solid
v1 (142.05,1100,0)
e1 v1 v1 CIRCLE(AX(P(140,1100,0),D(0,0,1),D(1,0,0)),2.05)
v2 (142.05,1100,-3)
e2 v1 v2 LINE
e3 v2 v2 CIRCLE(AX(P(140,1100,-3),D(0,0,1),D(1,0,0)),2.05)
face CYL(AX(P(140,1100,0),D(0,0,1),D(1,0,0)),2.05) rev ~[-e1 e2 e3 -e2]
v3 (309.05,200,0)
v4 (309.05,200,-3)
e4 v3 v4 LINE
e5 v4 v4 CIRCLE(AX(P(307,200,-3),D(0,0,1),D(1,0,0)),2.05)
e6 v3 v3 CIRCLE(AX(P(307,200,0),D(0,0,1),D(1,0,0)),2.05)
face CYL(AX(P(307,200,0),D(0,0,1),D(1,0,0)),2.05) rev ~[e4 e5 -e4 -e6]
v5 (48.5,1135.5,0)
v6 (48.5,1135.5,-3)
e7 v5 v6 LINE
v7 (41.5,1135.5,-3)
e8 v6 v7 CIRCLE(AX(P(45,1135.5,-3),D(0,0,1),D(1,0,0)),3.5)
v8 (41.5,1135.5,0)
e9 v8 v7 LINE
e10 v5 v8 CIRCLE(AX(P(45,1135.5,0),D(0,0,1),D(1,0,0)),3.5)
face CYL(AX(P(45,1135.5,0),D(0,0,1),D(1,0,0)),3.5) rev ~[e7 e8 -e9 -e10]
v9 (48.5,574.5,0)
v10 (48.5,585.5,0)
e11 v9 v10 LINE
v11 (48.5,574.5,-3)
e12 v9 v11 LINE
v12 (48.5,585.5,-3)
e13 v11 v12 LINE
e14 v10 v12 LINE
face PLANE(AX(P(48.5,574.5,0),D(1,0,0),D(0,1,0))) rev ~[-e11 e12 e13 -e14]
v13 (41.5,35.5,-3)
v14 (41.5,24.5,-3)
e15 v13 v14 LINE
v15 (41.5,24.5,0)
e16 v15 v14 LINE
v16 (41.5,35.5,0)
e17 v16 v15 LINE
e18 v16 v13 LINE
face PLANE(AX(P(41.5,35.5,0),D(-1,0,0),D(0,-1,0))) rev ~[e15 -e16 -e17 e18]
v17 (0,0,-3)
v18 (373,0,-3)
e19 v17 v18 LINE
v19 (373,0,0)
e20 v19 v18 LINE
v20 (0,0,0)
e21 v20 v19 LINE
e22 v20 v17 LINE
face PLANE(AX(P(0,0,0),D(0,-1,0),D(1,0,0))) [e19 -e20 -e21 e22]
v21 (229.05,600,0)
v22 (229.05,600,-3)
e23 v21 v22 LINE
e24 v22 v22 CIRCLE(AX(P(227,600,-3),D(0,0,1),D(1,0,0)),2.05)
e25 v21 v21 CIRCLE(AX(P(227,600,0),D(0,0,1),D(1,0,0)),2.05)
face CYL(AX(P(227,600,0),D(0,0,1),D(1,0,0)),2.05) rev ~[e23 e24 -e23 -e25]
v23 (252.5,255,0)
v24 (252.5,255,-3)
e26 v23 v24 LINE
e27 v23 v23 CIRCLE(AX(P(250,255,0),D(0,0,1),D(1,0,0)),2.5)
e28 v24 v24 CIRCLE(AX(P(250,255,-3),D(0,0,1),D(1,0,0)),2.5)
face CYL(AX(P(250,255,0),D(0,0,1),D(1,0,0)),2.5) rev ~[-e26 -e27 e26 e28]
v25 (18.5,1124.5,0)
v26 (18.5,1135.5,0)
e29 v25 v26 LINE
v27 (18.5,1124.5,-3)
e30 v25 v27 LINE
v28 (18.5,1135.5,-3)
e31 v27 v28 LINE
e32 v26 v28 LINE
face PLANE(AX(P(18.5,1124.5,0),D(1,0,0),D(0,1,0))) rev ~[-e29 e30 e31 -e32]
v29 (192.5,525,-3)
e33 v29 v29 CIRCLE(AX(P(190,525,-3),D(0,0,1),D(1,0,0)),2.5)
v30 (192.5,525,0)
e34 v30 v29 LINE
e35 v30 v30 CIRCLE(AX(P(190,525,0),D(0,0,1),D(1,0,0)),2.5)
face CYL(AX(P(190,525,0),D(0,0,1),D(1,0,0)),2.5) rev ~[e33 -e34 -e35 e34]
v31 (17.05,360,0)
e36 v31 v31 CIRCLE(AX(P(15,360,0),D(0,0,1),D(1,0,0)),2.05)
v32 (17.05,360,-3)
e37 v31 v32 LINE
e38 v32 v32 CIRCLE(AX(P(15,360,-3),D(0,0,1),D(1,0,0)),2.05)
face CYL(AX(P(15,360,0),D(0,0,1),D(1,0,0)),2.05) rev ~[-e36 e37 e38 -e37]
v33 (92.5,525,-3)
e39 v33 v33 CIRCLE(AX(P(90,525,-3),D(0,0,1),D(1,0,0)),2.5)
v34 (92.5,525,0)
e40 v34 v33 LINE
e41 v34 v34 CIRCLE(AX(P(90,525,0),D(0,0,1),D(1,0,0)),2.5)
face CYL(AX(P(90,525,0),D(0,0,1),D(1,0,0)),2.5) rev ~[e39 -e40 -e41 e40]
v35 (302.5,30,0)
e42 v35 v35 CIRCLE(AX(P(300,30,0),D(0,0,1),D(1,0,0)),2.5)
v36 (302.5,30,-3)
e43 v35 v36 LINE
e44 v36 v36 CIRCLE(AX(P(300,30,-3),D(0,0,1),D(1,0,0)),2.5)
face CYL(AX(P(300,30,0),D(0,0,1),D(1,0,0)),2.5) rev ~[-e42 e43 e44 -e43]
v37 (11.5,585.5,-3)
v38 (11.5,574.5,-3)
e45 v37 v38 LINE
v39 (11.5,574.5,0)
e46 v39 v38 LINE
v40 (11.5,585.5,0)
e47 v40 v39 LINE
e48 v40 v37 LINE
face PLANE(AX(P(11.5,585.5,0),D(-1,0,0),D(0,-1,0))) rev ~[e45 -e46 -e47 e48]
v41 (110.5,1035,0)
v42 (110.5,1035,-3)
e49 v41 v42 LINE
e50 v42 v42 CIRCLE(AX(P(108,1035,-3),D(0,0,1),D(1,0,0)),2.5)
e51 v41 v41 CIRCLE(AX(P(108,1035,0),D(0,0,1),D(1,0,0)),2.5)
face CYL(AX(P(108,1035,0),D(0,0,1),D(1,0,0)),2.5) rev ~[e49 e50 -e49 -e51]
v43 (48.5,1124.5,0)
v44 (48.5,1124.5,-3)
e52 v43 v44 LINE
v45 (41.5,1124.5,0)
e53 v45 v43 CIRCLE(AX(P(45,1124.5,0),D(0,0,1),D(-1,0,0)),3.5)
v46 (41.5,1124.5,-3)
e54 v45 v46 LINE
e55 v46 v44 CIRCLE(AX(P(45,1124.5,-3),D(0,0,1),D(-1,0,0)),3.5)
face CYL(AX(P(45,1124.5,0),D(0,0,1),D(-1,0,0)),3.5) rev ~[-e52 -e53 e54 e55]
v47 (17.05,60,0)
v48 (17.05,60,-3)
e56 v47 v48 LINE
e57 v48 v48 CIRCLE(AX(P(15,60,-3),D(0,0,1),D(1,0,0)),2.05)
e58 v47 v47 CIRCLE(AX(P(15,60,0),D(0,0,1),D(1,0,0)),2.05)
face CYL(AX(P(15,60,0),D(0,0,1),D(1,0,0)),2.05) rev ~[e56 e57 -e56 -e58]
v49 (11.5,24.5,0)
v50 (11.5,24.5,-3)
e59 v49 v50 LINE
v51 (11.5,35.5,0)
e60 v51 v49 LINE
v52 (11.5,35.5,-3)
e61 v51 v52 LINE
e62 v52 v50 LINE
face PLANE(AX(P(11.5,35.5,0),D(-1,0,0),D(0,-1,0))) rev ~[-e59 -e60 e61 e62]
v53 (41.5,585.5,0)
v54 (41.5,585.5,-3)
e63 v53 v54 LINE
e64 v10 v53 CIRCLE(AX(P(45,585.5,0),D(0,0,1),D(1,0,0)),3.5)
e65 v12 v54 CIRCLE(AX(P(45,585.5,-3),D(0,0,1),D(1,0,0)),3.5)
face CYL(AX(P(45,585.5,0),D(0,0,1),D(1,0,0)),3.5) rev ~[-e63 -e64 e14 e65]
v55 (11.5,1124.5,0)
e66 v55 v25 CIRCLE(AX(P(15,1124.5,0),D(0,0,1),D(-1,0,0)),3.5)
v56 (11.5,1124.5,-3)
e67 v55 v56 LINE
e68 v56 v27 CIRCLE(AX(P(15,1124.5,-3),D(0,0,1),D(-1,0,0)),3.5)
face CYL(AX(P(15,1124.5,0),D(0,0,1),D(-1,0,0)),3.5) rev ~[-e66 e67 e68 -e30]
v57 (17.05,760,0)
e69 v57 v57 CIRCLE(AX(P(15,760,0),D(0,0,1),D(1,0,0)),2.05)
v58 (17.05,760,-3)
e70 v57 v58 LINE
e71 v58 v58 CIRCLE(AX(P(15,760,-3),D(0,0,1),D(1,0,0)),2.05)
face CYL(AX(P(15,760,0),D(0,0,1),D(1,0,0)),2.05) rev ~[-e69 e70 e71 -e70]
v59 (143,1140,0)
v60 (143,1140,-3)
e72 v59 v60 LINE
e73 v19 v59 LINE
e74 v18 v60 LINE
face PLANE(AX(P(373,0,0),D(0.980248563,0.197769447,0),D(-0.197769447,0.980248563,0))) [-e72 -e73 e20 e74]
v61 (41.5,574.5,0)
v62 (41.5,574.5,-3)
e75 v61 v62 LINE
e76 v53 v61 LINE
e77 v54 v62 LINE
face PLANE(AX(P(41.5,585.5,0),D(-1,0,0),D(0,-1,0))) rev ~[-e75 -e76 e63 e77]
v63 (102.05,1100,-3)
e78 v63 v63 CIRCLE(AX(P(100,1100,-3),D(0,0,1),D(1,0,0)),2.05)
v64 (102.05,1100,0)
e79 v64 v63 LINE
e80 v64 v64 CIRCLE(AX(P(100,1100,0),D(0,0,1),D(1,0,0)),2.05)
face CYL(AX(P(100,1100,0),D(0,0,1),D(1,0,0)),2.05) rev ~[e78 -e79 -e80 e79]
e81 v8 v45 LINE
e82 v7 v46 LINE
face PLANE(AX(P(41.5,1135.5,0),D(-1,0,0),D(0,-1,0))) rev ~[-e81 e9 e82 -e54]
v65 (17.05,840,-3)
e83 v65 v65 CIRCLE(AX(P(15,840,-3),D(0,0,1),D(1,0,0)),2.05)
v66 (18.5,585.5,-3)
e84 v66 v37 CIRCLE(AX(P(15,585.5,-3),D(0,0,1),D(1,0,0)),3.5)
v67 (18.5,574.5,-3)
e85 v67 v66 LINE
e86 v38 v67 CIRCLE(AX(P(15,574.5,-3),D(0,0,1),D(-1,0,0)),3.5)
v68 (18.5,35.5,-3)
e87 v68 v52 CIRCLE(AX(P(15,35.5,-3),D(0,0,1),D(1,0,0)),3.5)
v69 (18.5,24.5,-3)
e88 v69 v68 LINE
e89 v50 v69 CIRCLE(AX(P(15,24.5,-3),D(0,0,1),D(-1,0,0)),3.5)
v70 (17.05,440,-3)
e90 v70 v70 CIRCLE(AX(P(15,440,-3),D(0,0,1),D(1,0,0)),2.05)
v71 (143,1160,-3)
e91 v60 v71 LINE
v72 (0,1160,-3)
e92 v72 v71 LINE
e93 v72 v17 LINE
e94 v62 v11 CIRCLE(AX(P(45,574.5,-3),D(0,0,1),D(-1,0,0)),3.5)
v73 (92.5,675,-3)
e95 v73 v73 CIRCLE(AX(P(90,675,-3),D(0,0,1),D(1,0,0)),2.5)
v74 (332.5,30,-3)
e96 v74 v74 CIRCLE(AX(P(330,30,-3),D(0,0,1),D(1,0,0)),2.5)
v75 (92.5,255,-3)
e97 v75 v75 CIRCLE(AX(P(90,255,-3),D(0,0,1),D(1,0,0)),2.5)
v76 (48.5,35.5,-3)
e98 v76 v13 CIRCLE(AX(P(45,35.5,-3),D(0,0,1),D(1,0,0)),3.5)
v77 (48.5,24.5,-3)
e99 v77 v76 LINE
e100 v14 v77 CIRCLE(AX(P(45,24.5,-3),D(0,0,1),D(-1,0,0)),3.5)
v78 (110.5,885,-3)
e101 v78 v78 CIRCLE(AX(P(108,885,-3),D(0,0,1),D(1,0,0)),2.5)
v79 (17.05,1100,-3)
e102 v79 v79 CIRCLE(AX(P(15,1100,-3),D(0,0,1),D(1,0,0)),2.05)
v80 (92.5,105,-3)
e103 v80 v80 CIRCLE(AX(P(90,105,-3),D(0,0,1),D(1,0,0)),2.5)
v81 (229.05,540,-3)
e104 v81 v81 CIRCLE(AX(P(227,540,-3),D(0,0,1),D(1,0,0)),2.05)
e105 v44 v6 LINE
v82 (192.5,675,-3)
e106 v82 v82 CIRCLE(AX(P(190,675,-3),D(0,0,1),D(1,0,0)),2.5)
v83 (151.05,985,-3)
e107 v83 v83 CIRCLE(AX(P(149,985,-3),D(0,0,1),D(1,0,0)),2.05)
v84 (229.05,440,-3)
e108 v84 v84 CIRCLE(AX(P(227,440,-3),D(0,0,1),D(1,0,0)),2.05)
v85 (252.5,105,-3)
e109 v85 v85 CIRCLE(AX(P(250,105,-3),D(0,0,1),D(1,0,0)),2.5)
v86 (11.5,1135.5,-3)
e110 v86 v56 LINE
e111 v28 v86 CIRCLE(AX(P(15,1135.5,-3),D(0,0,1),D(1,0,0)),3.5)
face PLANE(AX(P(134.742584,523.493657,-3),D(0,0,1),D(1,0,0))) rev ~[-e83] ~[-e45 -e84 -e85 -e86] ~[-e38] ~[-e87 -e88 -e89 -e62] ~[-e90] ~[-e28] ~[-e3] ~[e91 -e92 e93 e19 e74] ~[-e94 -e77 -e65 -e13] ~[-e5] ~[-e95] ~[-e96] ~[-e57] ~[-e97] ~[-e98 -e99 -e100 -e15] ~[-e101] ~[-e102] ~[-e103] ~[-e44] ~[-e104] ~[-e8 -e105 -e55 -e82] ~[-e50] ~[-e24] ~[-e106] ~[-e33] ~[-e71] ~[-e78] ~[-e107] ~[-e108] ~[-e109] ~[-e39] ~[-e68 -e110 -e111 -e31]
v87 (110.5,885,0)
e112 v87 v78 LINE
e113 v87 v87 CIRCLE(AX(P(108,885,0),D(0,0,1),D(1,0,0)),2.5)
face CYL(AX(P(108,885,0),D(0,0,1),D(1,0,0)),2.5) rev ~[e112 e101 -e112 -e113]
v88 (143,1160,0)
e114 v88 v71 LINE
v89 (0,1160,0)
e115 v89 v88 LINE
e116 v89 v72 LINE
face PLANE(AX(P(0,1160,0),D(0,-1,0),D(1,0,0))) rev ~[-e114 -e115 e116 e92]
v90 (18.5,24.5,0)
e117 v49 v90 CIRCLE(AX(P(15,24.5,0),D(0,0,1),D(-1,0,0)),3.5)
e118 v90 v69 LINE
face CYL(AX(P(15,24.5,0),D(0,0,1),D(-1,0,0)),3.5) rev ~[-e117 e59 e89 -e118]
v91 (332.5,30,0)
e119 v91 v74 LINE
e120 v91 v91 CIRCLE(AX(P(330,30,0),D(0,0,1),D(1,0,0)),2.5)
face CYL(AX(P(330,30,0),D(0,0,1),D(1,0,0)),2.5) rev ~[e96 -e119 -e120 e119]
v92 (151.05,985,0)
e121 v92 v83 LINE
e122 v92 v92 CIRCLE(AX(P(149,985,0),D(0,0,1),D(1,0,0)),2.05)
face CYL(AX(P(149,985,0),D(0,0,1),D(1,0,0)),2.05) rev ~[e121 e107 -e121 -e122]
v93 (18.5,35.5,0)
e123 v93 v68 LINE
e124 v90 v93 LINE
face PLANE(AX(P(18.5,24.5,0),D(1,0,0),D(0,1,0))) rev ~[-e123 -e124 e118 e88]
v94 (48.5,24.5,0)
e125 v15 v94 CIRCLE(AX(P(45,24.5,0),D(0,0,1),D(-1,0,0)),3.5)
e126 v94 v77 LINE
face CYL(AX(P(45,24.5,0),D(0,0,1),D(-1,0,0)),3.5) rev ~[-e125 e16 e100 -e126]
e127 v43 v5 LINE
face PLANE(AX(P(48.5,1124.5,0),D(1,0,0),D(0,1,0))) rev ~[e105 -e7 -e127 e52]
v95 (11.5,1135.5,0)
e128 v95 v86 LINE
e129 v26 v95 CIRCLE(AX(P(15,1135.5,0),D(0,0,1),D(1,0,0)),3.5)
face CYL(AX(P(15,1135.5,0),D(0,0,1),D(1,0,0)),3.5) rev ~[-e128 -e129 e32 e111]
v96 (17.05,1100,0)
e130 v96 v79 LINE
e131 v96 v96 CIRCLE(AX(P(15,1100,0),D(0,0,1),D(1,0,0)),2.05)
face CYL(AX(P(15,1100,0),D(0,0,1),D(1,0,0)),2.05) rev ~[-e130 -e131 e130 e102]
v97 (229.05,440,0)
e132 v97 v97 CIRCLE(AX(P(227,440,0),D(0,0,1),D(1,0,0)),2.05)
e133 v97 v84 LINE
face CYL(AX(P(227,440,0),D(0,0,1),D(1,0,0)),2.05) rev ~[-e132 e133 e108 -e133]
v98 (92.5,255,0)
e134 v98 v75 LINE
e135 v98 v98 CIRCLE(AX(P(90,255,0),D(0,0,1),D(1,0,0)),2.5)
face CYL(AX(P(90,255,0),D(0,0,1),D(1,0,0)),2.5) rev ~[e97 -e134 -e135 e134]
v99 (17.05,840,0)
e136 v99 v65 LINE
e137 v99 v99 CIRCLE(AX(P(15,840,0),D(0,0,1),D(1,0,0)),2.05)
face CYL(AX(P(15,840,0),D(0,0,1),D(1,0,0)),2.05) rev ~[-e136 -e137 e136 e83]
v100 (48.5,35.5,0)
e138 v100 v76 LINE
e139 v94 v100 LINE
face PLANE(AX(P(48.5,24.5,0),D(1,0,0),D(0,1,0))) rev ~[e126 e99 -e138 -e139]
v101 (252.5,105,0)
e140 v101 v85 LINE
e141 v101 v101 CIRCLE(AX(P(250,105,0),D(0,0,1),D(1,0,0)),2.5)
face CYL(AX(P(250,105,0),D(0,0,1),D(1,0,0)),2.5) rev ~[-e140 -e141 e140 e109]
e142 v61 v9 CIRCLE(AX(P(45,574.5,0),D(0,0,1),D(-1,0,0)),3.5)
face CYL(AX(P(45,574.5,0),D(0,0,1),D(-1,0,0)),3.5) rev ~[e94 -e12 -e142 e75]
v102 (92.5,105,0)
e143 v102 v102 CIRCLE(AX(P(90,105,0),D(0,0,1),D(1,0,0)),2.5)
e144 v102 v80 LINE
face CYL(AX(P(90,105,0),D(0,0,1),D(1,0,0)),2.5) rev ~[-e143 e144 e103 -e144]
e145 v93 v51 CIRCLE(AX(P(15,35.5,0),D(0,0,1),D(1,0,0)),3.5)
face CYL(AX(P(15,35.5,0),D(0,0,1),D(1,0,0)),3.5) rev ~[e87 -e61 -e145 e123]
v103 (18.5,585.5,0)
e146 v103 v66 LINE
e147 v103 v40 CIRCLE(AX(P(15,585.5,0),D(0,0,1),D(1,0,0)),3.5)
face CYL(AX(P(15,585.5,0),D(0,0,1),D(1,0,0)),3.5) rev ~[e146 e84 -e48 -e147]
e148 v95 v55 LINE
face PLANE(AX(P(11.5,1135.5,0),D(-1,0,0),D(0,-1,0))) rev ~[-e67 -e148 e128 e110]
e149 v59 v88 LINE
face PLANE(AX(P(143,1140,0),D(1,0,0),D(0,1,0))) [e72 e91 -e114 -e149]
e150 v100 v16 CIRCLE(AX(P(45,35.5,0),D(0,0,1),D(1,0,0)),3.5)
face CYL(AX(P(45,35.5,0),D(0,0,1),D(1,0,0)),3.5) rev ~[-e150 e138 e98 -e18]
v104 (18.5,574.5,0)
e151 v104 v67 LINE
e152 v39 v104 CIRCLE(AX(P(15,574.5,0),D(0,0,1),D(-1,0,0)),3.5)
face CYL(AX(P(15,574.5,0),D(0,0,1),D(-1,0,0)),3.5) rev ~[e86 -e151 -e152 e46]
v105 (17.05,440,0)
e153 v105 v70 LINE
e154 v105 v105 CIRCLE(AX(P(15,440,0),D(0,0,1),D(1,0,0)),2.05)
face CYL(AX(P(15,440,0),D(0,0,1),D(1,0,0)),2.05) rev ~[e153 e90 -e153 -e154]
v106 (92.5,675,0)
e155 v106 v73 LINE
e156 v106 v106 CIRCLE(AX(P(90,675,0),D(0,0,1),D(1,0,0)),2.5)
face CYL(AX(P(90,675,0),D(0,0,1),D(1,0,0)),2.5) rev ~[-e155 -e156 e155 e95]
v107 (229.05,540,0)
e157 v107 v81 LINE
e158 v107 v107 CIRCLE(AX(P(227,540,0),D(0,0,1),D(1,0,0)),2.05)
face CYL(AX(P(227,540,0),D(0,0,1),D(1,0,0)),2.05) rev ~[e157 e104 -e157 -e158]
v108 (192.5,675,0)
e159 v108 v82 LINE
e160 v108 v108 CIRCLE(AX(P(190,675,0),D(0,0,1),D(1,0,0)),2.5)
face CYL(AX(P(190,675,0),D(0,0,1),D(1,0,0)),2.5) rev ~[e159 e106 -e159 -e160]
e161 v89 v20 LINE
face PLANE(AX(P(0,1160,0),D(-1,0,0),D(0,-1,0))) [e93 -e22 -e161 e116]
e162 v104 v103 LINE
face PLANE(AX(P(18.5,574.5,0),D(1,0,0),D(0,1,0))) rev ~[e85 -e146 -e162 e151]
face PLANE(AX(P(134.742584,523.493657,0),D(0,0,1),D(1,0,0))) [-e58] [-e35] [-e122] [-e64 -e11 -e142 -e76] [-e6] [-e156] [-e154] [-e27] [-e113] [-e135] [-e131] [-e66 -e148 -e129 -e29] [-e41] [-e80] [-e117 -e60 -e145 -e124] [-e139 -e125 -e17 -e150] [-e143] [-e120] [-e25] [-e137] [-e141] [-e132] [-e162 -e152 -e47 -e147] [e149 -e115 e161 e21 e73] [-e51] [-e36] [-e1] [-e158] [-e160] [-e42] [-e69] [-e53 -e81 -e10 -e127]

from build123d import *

# Parameters (mm, degrees)
F0_W     = 143
F0_H     = 20
F1_DEPTH = 3
F2_R     = 2.5
F3_DEPTH = 25
F5_DEPTH = 25
F7_R     = 2.05
F8_DEPTH = 25


with BuildPart() as f1:
    # F0 (on Top) → F1 (new body)
    with BuildSketch(Plane.XY):
        Polygon((0, 1140), (0, 0), (373, 0), (143, 1140), align=None)
        with Locations((71.5, 1150)):
            Rectangle(F0_W, F0_H)
    extrude(amount=-F1_DEPTH)

    # F2 (on face) → F3 (cut)
    with BuildSketch(Plane.XY):
        with Locations((90, 105)):
            Circle(F2_R)
        with Locations((250, 105)):
            Circle(F2_R)
        with Locations((250, 255)):
            Circle(F2_R)
        with Locations((90, 255)):
            Circle(F2_R)
        with Locations((90, 525)):
            Circle(F2_R)
        with Locations((90, 675)):
            Circle(F2_R)
        with Locations((190, 525)):
            Circle(F2_R)
        with Locations((190, 675)):
            Circle(F2_R)
        with Locations((108, 885)):
            Circle(F2_R)
        with Locations((108, 1035)):
            Circle(F2_R)
        with Locations((330, 30)):
            Circle(F2_R)
        with Locations((300, 30)):
            Circle(F2_R)
    extrude(amount=-F3_DEPTH, mode=Mode.SUBTRACT)

    # F4 (on face) → F5 (cut)
    with BuildSketch(Plane.XY):
        with BuildLine():
            ThreePointArc((11.5, 24.5), (15, 21), (18.5, 24.5))
            Line((18.5, 24.5), (18.5, 35.5))
            ThreePointArc((18.5, 35.5), (15, 39), (11.5, 35.5))
            Line((11.5, 35.5), (11.5, 24.5))
        make_face()
        with BuildLine():
            ThreePointArc((41.5, 24.5), (45, 21), (48.5, 24.5))
            Line((48.5, 24.5), (48.5, 35.5))
            ThreePointArc((48.5, 35.5), (45, 39), (41.5, 35.5))
            Line((41.5, 35.5), (41.5, 24.5))
        make_face()
        with BuildLine():
            ThreePointArc((11.5, 574.5), (15, 571), (18.5, 574.5))
            Line((18.5, 574.5), (18.5, 585.5))
            ThreePointArc((18.5, 585.5), (15, 589), (11.5, 585.5))
            Line((11.5, 585.5), (11.5, 574.5))
        make_face()
        with BuildLine():
            ThreePointArc((41.5, 574.5), (45, 571), (48.5, 574.5))
            Line((48.5, 574.5), (48.5, 585.5))
            ThreePointArc((48.5, 585.5), (45, 589), (41.5, 585.5))
            Line((41.5, 585.5), (41.5, 574.5))
        make_face()
        with BuildLine():
            ThreePointArc((11.5, 1124.5), (15, 1121), (18.5, 1124.5))
            Line((18.5, 1124.5), (18.5, 1135.5))
            ThreePointArc((18.5, 1135.5), (15, 1139), (11.5, 1135.5))
            Line((11.5, 1135.5), (11.5, 1124.5))
        make_face()
        with BuildLine():
            ThreePointArc((41.5, 1124.5), (45, 1121), (48.5, 1124.5))
            Line((48.5, 1124.5), (48.5, 1135.5))
            ThreePointArc((48.5, 1135.5), (45, 1139), (41.5, 1135.5))
            Line((41.5, 1135.5), (41.5, 1124.5))
        make_face()
    extrude(amount=-F5_DEPTH, mode=Mode.SUBTRACT)

    # F7 (on face) → F8 (cut)
    with BuildSketch(Plane.XY):
        with Locations((15, 60)):
            Circle(F7_R)
        with Locations((307, 200)):
            Circle(F7_R)
        with Locations((15, 360)):
            Circle(F7_R)
        with Locations((15, 440)):
            Circle(F7_R)
        with Locations((15, 760)):
            Circle(F7_R)
        with Locations((15, 840)):
            Circle(F7_R)
        with Locations((15, 1100)):
            Circle(F7_R)
        with Locations((227, 600)):
            Circle(F7_R)
        with Locations((149, 985)):
            Circle(F7_R)
        with Locations((100, 1100)):
            Circle(F7_R)
        with Locations((140, 1100)):
            Circle(F7_R)
        with Locations((227, 540)):
            Circle(F7_R)
        with Locations((227, 440)):
            Circle(F7_R)
    extrude(amount=-F8_DEPTH, mode=Mode.SUBTRACT)


solid = f1.part
